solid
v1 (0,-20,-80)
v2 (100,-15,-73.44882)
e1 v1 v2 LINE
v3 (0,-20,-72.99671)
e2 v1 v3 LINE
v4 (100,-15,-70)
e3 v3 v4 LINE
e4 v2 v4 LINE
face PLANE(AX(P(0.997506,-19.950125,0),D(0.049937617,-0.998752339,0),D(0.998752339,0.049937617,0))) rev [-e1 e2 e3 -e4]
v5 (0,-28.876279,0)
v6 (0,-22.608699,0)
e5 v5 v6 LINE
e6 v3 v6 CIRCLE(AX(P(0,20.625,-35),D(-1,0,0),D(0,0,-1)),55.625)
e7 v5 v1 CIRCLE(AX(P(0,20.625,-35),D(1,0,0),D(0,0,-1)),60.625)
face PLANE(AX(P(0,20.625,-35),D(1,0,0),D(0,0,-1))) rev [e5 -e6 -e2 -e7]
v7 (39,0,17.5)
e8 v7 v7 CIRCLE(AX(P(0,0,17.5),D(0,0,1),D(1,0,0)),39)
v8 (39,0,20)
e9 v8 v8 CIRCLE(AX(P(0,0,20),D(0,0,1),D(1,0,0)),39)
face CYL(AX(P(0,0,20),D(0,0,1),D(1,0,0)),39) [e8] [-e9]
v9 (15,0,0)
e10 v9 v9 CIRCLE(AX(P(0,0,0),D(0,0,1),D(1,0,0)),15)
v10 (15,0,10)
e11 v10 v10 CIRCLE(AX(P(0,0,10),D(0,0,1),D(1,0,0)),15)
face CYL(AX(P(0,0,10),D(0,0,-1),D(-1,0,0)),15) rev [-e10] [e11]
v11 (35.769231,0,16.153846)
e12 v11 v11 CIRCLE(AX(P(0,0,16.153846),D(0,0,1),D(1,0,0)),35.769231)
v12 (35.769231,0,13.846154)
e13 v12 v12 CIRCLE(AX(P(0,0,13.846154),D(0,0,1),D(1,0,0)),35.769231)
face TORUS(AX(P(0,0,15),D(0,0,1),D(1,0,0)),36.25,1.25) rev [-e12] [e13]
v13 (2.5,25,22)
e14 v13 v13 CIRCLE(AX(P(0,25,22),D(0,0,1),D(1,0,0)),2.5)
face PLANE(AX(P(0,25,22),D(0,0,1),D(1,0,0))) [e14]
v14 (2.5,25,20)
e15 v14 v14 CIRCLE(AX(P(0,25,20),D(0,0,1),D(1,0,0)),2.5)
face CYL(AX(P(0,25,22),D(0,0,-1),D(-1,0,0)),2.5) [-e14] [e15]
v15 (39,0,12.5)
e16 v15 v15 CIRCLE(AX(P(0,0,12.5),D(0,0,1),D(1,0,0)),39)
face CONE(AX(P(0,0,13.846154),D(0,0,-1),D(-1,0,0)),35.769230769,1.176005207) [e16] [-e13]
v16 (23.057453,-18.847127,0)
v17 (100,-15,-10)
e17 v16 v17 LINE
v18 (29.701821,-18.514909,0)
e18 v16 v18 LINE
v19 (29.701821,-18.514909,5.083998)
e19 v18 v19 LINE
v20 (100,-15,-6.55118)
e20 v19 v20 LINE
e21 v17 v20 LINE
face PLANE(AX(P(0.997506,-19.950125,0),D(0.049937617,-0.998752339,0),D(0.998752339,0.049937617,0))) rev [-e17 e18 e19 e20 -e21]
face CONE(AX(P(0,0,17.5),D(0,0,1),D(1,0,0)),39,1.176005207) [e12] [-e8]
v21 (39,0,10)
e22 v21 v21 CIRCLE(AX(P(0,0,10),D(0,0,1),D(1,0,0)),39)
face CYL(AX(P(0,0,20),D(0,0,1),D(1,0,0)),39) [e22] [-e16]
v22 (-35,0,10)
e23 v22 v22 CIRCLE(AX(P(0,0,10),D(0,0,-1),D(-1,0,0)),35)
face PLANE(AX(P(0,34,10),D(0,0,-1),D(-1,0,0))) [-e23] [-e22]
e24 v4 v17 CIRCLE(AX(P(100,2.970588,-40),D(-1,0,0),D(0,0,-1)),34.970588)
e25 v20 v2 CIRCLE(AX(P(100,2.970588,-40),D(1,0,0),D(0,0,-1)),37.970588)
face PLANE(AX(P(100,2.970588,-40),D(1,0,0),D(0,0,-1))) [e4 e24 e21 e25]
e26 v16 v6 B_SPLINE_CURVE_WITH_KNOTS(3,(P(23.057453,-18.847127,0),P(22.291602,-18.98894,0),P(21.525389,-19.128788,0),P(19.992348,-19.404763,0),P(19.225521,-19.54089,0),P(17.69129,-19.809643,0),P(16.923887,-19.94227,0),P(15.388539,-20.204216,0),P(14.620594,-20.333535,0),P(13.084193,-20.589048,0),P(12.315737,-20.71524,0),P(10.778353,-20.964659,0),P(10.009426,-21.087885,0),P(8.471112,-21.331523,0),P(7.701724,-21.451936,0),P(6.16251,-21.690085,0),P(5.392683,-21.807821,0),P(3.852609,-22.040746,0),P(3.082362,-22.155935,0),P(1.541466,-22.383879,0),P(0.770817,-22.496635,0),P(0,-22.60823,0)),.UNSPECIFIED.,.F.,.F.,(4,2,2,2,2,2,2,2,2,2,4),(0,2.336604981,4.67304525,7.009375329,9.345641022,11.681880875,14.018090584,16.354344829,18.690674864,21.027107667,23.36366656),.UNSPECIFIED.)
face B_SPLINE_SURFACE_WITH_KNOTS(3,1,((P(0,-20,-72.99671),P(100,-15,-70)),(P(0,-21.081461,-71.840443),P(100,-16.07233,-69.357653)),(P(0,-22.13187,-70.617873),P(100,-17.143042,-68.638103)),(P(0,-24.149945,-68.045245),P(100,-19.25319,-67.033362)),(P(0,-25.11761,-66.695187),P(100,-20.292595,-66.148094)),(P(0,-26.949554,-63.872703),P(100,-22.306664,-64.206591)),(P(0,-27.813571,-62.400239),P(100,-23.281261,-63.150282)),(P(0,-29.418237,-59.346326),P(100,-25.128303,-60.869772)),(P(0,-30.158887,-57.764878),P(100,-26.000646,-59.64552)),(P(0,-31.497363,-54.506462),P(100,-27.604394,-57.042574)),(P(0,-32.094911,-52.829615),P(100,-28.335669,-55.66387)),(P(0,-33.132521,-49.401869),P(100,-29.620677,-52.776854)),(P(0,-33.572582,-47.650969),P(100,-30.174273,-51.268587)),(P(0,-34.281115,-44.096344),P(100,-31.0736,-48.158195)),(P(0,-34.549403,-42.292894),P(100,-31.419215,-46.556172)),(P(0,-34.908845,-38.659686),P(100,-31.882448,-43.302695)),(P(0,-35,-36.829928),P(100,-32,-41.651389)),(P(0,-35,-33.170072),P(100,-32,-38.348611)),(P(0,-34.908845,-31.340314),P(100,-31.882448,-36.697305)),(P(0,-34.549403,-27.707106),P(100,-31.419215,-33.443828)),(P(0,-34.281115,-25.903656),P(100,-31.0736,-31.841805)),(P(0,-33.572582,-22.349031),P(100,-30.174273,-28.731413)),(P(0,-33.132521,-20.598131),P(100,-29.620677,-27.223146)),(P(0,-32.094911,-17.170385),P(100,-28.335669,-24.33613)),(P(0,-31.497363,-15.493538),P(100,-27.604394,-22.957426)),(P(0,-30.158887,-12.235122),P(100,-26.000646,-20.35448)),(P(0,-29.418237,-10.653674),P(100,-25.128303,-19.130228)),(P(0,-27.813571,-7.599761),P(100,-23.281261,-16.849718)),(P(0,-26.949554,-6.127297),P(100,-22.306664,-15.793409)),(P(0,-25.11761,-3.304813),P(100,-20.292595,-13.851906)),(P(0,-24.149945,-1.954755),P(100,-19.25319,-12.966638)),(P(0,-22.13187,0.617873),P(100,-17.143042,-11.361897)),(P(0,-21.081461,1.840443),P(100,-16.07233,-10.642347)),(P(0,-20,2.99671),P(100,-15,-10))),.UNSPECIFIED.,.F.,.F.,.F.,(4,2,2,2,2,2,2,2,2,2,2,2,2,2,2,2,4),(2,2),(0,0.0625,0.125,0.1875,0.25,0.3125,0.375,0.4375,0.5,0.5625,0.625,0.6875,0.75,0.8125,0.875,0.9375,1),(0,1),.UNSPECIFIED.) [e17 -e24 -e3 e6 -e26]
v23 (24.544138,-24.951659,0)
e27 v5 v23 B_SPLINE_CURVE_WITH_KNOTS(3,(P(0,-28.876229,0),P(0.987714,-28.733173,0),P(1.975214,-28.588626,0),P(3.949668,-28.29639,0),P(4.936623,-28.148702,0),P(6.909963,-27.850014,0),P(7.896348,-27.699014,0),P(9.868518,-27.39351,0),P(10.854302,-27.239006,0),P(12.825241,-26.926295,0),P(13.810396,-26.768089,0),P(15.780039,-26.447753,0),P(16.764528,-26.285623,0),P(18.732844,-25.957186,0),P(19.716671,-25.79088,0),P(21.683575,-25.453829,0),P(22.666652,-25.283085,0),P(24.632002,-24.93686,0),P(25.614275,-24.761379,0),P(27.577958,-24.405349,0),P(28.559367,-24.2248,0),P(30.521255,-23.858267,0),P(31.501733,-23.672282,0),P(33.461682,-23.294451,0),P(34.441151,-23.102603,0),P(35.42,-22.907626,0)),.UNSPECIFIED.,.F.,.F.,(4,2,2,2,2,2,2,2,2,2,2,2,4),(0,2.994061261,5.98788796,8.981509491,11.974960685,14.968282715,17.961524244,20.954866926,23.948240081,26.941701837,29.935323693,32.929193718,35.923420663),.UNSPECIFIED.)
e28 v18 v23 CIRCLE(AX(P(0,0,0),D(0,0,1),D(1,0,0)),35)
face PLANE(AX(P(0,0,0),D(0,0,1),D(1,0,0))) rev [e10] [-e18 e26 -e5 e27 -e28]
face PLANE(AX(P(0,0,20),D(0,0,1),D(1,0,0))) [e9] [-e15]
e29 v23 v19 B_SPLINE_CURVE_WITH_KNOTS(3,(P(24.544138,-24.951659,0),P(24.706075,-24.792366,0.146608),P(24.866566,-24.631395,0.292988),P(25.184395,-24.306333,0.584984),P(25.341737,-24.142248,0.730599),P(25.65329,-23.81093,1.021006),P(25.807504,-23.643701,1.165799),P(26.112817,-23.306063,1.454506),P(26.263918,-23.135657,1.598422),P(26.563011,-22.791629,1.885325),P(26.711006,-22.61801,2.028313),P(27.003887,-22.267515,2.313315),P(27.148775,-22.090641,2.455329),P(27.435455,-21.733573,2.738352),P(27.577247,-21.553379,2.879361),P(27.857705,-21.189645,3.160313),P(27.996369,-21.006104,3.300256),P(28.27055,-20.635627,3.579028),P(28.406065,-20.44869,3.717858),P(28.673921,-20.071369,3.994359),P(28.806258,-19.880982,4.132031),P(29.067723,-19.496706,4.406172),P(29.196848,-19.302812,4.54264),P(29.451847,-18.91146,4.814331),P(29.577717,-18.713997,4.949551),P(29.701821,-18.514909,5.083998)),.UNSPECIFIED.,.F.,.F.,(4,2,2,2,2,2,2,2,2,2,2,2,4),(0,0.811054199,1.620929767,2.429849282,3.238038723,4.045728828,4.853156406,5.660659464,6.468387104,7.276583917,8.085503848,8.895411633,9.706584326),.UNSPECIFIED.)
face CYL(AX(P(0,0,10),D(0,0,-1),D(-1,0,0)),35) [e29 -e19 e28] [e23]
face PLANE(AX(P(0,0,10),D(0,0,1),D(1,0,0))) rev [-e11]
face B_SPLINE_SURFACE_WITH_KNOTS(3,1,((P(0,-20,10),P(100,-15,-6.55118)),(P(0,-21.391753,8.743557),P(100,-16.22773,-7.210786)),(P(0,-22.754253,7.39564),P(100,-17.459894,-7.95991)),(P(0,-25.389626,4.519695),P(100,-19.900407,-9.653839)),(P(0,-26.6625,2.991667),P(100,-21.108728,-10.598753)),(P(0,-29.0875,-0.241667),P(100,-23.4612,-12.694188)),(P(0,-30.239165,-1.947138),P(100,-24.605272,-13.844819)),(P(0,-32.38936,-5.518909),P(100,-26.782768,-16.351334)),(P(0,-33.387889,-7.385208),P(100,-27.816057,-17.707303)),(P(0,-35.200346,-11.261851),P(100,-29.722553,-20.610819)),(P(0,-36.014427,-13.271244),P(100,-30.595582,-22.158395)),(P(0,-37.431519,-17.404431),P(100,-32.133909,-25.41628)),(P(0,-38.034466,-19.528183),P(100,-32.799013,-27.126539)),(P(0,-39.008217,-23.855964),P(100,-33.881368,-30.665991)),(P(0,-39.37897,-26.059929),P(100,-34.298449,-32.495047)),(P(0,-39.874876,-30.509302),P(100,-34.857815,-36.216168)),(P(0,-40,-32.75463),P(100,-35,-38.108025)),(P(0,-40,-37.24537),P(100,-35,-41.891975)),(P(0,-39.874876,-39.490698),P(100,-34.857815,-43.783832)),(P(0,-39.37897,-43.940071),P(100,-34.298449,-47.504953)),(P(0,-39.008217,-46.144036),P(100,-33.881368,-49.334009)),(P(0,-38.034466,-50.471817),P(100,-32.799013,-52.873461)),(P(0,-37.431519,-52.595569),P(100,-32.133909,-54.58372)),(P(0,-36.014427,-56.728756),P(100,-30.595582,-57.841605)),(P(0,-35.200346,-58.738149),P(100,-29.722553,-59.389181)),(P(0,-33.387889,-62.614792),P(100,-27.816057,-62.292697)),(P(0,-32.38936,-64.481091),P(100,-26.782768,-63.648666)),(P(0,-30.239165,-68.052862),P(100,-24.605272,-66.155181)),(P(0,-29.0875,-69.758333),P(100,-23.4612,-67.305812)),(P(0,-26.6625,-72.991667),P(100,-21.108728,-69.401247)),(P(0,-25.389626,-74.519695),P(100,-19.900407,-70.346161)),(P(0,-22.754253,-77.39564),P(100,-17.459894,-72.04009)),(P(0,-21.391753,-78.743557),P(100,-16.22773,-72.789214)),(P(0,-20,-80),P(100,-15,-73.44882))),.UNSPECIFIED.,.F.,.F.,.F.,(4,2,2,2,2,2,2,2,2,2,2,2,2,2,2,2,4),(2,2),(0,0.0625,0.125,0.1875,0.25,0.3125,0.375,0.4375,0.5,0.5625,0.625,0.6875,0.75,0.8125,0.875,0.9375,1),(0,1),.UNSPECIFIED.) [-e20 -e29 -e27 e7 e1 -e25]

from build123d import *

# Parameters (mm, degrees)
SKETCH1_R           = 35
SKETCH1_R_2         = 15
BOSS_EXTRUDE1_DEPTH = 10
SKETCH5_R           = 35
BOSS_EXTRUDE3_DEPTH = 10
SKETCH4_R           = 2.5
BOSS_EXTRUDE2_DEPTH = 2


with BuildPart() as part:
    # Sketch1 → Boss-Extrude1 (new body)
    with BuildSketch(Plane.XY):
        Circle(SKETCH1_R)
        Circle(SKETCH1_R_2, mode=Mode.SUBTRACT)
    extrude(amount=BOSS_EXTRUDE1_DEPTH)

    # Sketch2 for Loft1 → Loft1 section 0
    with BuildSketch(Plane(origin=(0, 0, 0), x_dir=(0, 0, -1), z_dir=(1, 0, 0))):
        with BuildLine():
            Line((-10, -20), (-2.996710384, -20))
            # circular arc as an exact rational Bezier (weights 1, cos(half-angle), 1)
            Bezier((-2.996710384, -20), (35, -55.538461538), (72.996710384, -20), weights=[1, 0.730337079, 1])
            Line((72.996710384, -20), (80, -20))
            Bezier((80, -20), (35, -69.846153846), (-10, -20), weights=[1, 0.670103093, 1])
        make_face()
    # Sketch3 for Loft1 → Loft1 section 1
    with BuildSketch(Plane(origin=(100, 0, 0), x_dir=(0, 0, -1), z_dir=(1, 0, 0))):
        with BuildLine():
            Line((10, -15), (6.551180448, -15))
            Bezier((6.551180448, -15), (40, -77.258592471), (73.448819552, -15), weights=[1, 0.47327653, 1])
            Line((73.448819552, -15), (70, -15))
            Bezier((70, -15), (40, -65.081833061), (10, -15), weights=[1, 0.513877208, 1])
        make_face()
    loft()

    # Sketch5 → Boss-Extrude3 (add)
    with BuildSketch(Plane.XY.offset(10)):
        with Locations(Location((0, 0, 0), (0, 0, 314.528269686))):
            Circle(SKETCH5_R)
    extrude(amount=BOSS_EXTRUDE3_DEPTH)

    # Sketch7 → Revolve1 (revolve)
    with BuildSketch(Plane.ZY, mode=Mode.PRIVATE) as revolve1_sk:
        with BuildLine():
            Line((20, 34), (20, 39))
            Line((20, 39), (17.5, 39))
            Line((17.5, 39), (16.153846154, 35.769230769))
            ThreePointArc((16.153846154, 35.769230769), (15, 35), (13.846153846, 35.769230769))
            Line((13.846153846, 35.769230769), (12.5, 39))
            Line((12.5, 39), (10, 39))
            Line((10, 39), (10, 34))
            Line((10, 34), (20, 34))
        make_face()
    revolve(revolve1_sk.sketch.rotate(Axis((0, 0, 20), (0, 0, -1)), 90), axis=Axis((0, 0, 20), (0, 0, -1)))

    # Sketch4 → Boss-Extrude2 (add)
    with BuildSketch(Plane.XY.offset(20)):
        with Locations((0, 25)):
            Circle(SKETCH4_R)
    extrude(amount=BOSS_EXTRUDE2_DEPTH)


solid = part.part
